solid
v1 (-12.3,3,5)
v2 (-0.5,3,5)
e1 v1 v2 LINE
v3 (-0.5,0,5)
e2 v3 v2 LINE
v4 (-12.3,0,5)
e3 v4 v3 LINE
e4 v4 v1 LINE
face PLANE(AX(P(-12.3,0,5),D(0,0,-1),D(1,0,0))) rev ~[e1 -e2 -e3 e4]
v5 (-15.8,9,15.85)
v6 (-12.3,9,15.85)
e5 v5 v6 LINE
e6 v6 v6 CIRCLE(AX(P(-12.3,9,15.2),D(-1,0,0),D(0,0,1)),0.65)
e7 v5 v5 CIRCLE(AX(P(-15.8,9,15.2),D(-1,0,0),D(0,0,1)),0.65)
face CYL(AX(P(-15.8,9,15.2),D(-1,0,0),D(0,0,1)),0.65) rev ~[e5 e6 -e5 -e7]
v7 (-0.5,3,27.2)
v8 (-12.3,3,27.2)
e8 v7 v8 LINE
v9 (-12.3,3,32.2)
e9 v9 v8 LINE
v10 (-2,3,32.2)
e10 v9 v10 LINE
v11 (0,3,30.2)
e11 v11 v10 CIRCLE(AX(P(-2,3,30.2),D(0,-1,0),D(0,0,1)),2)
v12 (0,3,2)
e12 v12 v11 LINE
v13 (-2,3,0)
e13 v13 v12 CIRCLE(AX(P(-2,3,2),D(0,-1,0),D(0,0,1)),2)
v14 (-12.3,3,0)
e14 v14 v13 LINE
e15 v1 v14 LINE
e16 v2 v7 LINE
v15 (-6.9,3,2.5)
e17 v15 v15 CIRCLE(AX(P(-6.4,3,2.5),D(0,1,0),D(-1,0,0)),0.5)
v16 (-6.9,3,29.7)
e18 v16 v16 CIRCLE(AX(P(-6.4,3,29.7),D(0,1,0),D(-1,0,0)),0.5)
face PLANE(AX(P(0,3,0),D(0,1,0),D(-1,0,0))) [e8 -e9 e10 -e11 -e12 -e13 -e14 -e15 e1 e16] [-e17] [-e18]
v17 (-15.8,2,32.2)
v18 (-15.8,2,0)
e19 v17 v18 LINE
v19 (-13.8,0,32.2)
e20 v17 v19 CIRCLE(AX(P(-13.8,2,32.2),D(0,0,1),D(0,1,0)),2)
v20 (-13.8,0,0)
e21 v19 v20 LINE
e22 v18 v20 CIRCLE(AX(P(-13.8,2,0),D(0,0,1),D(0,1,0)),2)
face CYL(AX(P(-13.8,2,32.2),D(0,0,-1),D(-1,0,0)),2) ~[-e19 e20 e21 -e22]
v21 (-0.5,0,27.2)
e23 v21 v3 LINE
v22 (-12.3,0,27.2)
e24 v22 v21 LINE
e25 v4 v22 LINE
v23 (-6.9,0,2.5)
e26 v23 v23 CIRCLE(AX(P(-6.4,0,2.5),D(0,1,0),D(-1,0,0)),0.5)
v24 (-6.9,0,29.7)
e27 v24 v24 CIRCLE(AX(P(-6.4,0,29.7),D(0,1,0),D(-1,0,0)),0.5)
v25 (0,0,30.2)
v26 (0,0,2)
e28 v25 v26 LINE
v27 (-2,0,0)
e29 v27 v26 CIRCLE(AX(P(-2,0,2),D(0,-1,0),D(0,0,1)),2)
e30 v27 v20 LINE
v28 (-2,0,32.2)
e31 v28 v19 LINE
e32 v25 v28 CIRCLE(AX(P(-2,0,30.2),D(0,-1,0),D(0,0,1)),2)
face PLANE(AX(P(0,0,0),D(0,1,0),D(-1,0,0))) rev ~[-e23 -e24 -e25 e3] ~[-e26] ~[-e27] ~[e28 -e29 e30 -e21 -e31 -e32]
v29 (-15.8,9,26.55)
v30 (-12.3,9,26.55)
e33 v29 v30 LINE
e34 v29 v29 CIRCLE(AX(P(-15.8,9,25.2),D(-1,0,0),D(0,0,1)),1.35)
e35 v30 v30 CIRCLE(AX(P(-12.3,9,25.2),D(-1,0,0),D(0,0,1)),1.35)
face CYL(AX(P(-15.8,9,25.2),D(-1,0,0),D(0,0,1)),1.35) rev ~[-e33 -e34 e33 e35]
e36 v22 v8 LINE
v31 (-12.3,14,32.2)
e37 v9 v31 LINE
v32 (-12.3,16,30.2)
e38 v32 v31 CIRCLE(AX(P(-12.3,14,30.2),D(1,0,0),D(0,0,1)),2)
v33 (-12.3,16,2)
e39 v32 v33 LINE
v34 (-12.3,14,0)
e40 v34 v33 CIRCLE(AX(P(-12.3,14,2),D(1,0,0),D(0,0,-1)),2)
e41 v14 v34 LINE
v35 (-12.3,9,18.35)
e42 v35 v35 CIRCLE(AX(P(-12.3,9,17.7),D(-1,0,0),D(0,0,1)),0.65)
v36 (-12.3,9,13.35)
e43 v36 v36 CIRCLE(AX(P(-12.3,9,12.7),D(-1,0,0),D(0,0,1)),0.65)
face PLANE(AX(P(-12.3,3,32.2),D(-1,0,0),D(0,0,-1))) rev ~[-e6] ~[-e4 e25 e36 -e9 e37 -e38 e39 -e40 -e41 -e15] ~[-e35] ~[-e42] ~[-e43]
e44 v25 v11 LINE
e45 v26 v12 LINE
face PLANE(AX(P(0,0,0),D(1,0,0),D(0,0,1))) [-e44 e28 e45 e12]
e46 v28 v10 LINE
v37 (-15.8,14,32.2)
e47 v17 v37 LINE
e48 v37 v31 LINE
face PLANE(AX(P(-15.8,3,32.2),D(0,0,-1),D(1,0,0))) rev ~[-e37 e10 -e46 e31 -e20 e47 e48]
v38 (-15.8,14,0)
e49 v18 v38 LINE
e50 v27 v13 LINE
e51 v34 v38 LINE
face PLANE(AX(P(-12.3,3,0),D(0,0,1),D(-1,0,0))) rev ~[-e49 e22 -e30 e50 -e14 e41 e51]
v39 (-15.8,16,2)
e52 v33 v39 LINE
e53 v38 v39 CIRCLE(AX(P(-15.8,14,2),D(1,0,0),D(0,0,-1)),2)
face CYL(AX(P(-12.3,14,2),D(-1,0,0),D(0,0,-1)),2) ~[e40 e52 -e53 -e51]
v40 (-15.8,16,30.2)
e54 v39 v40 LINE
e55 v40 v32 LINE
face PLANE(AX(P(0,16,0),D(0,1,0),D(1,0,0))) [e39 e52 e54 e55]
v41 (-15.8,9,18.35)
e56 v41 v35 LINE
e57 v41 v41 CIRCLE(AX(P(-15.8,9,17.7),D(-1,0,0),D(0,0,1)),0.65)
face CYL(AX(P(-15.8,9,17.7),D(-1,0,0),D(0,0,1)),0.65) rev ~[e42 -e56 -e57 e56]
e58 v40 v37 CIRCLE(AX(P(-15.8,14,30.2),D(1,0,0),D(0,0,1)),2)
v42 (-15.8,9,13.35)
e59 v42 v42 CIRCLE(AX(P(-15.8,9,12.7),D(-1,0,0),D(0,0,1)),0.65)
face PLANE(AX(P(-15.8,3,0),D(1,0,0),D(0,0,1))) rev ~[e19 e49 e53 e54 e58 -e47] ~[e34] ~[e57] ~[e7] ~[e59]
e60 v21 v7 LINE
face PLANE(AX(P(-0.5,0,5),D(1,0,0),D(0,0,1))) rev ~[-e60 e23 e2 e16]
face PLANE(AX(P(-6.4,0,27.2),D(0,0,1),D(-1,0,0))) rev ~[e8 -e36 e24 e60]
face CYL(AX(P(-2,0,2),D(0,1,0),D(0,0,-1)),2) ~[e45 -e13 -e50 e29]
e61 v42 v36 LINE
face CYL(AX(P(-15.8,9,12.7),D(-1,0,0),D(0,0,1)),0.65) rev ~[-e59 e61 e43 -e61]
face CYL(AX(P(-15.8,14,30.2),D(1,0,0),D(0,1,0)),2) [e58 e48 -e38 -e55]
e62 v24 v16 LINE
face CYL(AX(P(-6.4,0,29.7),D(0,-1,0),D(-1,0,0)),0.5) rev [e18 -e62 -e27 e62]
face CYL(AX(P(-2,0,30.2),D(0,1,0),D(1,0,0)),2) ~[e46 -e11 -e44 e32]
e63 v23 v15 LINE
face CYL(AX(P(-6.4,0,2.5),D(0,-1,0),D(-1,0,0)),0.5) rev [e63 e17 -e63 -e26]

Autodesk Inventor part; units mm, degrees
ref_plane "YZ Plane" through (0, 0, 0) normal (1, 0, 0) x (0, 1, 0)
ref_plane "XZ Plane" through (0, 0, 0) normal (0, 1, 0) x (-1, 0, 0)
ref_plane "XY Plane" through (0, 0, 0) normal (0, 0, 1) x (1, 0, 0)
sketch "Sketch1" plane through (0, 0, 0) normal (0, 1, 0) x (-1, 0, 0)
  line L0 (12.8, 0) -> (12.8, 32.2)
  line L1 (12.8, 16.1) -> (0, 16.1)
  line L2 (0, 0) -> (0, 32.2)
  line L3 (6.4, 27.2) -> (12.3, 27.2)
  line L4 (12.3, 27.2) -> (12.3, 5)
  line L5 (12.3, 5) -> (0.5, 5)
  line L6 (0.5, 5) -> (0.5, 27.2)
  line L7 (0.5, 27.2) -> (6.4, 27.2)
  line L8 (0, 0) -> (12.8, 0)
  circle A0 centre (6.4, 2.5) radius 0.5
  line L9 (0, 32.2) -> (12.8, 32.2)
  circle A1 centre (6.4, 29.7) radius 0.5
  line L10 (12.8, 32.2) -> (15.8, 32.2)
  line L11 (15.8, 32.2) -> (15.8, 0)
  line L12 (15.8, 0) -> (12.8, 0)
  line L13 (12.8, 0) -> (12.8, 32.2)
  point P0 (0, 0)
  dimension "d0" = 5.9
  dimension "d1" = 11.8
  dimension "d2" = 1
  dimension "d3" = 1
  dimension "d4" = 3
extrude "Extrusion1" add sketch "Sketch1" along normal blind 3 contours L8 L2 L1 L6 L5 L4 L0 | L0 L10 L11 L12 | L1 L4 L3 L7 L6 L2 L9 L0
sketch "Sketch2" plane through (0, 3, 0) normal (0, 1, 0) x (1, 0, 0)
  line L0 (-15.8, 0) -> (-15.8, -32.2) projected
  line L1 (0, 0) -> (-15.8, 0) projected
  line L2 (-15.8, -32.2) -> (-12.3, -32.2)
  line L3 (-12.3, -32.2) -> (-12.3, 0)
  line L4 (-12.3, 0) -> (-15.8, 0)
  line L5 (-15.8, 0) -> (-15.8, -32.2)
  dimension "d7" = 3.5
extrude "Extrusion2" add sketch "Sketch2" along normal blind 13
fillet "Fillet1" radius 2 1 edges at (-15.8, 0, 16.1)
sketch "Sketch3" plane through (-15.8, 16, 0) normal (-1, 0, 0) x (0, 0, 1)
  line L0 (32.2, -14) -> (32.2, 0) projected
  line L1 (32.2, -14) -> (0, -14) projected
  line L2 (32.2, 0) -> (51.999, 0) construction
  circle A0 centre (25.2, -7) radius 1.35
  line L3 (25.2, -7) -> (32.7, -7) construction
  circle A1 centre (17.7, -7) radius 0.65
  circle A2 centre (15.2, -7) radius 0.65
  circle A3 centre (12.7, -7) radius 0.65
  point P0 (0, -16)
  dimension "d12" = 2.7
  dimension "d17" = 1.3
  dimension "d18" = 1.3
  dimension "d19" = 1.3
extrude "Extrusion3" cut sketch "Sketch3" against normal blind 13
fillet "Fillet2" radius 2 4 edges at (-14.05, 16, 0) (-14.05, 16, 32.2) (0, 1.5, 32.2) (0, 1.5, 0)
